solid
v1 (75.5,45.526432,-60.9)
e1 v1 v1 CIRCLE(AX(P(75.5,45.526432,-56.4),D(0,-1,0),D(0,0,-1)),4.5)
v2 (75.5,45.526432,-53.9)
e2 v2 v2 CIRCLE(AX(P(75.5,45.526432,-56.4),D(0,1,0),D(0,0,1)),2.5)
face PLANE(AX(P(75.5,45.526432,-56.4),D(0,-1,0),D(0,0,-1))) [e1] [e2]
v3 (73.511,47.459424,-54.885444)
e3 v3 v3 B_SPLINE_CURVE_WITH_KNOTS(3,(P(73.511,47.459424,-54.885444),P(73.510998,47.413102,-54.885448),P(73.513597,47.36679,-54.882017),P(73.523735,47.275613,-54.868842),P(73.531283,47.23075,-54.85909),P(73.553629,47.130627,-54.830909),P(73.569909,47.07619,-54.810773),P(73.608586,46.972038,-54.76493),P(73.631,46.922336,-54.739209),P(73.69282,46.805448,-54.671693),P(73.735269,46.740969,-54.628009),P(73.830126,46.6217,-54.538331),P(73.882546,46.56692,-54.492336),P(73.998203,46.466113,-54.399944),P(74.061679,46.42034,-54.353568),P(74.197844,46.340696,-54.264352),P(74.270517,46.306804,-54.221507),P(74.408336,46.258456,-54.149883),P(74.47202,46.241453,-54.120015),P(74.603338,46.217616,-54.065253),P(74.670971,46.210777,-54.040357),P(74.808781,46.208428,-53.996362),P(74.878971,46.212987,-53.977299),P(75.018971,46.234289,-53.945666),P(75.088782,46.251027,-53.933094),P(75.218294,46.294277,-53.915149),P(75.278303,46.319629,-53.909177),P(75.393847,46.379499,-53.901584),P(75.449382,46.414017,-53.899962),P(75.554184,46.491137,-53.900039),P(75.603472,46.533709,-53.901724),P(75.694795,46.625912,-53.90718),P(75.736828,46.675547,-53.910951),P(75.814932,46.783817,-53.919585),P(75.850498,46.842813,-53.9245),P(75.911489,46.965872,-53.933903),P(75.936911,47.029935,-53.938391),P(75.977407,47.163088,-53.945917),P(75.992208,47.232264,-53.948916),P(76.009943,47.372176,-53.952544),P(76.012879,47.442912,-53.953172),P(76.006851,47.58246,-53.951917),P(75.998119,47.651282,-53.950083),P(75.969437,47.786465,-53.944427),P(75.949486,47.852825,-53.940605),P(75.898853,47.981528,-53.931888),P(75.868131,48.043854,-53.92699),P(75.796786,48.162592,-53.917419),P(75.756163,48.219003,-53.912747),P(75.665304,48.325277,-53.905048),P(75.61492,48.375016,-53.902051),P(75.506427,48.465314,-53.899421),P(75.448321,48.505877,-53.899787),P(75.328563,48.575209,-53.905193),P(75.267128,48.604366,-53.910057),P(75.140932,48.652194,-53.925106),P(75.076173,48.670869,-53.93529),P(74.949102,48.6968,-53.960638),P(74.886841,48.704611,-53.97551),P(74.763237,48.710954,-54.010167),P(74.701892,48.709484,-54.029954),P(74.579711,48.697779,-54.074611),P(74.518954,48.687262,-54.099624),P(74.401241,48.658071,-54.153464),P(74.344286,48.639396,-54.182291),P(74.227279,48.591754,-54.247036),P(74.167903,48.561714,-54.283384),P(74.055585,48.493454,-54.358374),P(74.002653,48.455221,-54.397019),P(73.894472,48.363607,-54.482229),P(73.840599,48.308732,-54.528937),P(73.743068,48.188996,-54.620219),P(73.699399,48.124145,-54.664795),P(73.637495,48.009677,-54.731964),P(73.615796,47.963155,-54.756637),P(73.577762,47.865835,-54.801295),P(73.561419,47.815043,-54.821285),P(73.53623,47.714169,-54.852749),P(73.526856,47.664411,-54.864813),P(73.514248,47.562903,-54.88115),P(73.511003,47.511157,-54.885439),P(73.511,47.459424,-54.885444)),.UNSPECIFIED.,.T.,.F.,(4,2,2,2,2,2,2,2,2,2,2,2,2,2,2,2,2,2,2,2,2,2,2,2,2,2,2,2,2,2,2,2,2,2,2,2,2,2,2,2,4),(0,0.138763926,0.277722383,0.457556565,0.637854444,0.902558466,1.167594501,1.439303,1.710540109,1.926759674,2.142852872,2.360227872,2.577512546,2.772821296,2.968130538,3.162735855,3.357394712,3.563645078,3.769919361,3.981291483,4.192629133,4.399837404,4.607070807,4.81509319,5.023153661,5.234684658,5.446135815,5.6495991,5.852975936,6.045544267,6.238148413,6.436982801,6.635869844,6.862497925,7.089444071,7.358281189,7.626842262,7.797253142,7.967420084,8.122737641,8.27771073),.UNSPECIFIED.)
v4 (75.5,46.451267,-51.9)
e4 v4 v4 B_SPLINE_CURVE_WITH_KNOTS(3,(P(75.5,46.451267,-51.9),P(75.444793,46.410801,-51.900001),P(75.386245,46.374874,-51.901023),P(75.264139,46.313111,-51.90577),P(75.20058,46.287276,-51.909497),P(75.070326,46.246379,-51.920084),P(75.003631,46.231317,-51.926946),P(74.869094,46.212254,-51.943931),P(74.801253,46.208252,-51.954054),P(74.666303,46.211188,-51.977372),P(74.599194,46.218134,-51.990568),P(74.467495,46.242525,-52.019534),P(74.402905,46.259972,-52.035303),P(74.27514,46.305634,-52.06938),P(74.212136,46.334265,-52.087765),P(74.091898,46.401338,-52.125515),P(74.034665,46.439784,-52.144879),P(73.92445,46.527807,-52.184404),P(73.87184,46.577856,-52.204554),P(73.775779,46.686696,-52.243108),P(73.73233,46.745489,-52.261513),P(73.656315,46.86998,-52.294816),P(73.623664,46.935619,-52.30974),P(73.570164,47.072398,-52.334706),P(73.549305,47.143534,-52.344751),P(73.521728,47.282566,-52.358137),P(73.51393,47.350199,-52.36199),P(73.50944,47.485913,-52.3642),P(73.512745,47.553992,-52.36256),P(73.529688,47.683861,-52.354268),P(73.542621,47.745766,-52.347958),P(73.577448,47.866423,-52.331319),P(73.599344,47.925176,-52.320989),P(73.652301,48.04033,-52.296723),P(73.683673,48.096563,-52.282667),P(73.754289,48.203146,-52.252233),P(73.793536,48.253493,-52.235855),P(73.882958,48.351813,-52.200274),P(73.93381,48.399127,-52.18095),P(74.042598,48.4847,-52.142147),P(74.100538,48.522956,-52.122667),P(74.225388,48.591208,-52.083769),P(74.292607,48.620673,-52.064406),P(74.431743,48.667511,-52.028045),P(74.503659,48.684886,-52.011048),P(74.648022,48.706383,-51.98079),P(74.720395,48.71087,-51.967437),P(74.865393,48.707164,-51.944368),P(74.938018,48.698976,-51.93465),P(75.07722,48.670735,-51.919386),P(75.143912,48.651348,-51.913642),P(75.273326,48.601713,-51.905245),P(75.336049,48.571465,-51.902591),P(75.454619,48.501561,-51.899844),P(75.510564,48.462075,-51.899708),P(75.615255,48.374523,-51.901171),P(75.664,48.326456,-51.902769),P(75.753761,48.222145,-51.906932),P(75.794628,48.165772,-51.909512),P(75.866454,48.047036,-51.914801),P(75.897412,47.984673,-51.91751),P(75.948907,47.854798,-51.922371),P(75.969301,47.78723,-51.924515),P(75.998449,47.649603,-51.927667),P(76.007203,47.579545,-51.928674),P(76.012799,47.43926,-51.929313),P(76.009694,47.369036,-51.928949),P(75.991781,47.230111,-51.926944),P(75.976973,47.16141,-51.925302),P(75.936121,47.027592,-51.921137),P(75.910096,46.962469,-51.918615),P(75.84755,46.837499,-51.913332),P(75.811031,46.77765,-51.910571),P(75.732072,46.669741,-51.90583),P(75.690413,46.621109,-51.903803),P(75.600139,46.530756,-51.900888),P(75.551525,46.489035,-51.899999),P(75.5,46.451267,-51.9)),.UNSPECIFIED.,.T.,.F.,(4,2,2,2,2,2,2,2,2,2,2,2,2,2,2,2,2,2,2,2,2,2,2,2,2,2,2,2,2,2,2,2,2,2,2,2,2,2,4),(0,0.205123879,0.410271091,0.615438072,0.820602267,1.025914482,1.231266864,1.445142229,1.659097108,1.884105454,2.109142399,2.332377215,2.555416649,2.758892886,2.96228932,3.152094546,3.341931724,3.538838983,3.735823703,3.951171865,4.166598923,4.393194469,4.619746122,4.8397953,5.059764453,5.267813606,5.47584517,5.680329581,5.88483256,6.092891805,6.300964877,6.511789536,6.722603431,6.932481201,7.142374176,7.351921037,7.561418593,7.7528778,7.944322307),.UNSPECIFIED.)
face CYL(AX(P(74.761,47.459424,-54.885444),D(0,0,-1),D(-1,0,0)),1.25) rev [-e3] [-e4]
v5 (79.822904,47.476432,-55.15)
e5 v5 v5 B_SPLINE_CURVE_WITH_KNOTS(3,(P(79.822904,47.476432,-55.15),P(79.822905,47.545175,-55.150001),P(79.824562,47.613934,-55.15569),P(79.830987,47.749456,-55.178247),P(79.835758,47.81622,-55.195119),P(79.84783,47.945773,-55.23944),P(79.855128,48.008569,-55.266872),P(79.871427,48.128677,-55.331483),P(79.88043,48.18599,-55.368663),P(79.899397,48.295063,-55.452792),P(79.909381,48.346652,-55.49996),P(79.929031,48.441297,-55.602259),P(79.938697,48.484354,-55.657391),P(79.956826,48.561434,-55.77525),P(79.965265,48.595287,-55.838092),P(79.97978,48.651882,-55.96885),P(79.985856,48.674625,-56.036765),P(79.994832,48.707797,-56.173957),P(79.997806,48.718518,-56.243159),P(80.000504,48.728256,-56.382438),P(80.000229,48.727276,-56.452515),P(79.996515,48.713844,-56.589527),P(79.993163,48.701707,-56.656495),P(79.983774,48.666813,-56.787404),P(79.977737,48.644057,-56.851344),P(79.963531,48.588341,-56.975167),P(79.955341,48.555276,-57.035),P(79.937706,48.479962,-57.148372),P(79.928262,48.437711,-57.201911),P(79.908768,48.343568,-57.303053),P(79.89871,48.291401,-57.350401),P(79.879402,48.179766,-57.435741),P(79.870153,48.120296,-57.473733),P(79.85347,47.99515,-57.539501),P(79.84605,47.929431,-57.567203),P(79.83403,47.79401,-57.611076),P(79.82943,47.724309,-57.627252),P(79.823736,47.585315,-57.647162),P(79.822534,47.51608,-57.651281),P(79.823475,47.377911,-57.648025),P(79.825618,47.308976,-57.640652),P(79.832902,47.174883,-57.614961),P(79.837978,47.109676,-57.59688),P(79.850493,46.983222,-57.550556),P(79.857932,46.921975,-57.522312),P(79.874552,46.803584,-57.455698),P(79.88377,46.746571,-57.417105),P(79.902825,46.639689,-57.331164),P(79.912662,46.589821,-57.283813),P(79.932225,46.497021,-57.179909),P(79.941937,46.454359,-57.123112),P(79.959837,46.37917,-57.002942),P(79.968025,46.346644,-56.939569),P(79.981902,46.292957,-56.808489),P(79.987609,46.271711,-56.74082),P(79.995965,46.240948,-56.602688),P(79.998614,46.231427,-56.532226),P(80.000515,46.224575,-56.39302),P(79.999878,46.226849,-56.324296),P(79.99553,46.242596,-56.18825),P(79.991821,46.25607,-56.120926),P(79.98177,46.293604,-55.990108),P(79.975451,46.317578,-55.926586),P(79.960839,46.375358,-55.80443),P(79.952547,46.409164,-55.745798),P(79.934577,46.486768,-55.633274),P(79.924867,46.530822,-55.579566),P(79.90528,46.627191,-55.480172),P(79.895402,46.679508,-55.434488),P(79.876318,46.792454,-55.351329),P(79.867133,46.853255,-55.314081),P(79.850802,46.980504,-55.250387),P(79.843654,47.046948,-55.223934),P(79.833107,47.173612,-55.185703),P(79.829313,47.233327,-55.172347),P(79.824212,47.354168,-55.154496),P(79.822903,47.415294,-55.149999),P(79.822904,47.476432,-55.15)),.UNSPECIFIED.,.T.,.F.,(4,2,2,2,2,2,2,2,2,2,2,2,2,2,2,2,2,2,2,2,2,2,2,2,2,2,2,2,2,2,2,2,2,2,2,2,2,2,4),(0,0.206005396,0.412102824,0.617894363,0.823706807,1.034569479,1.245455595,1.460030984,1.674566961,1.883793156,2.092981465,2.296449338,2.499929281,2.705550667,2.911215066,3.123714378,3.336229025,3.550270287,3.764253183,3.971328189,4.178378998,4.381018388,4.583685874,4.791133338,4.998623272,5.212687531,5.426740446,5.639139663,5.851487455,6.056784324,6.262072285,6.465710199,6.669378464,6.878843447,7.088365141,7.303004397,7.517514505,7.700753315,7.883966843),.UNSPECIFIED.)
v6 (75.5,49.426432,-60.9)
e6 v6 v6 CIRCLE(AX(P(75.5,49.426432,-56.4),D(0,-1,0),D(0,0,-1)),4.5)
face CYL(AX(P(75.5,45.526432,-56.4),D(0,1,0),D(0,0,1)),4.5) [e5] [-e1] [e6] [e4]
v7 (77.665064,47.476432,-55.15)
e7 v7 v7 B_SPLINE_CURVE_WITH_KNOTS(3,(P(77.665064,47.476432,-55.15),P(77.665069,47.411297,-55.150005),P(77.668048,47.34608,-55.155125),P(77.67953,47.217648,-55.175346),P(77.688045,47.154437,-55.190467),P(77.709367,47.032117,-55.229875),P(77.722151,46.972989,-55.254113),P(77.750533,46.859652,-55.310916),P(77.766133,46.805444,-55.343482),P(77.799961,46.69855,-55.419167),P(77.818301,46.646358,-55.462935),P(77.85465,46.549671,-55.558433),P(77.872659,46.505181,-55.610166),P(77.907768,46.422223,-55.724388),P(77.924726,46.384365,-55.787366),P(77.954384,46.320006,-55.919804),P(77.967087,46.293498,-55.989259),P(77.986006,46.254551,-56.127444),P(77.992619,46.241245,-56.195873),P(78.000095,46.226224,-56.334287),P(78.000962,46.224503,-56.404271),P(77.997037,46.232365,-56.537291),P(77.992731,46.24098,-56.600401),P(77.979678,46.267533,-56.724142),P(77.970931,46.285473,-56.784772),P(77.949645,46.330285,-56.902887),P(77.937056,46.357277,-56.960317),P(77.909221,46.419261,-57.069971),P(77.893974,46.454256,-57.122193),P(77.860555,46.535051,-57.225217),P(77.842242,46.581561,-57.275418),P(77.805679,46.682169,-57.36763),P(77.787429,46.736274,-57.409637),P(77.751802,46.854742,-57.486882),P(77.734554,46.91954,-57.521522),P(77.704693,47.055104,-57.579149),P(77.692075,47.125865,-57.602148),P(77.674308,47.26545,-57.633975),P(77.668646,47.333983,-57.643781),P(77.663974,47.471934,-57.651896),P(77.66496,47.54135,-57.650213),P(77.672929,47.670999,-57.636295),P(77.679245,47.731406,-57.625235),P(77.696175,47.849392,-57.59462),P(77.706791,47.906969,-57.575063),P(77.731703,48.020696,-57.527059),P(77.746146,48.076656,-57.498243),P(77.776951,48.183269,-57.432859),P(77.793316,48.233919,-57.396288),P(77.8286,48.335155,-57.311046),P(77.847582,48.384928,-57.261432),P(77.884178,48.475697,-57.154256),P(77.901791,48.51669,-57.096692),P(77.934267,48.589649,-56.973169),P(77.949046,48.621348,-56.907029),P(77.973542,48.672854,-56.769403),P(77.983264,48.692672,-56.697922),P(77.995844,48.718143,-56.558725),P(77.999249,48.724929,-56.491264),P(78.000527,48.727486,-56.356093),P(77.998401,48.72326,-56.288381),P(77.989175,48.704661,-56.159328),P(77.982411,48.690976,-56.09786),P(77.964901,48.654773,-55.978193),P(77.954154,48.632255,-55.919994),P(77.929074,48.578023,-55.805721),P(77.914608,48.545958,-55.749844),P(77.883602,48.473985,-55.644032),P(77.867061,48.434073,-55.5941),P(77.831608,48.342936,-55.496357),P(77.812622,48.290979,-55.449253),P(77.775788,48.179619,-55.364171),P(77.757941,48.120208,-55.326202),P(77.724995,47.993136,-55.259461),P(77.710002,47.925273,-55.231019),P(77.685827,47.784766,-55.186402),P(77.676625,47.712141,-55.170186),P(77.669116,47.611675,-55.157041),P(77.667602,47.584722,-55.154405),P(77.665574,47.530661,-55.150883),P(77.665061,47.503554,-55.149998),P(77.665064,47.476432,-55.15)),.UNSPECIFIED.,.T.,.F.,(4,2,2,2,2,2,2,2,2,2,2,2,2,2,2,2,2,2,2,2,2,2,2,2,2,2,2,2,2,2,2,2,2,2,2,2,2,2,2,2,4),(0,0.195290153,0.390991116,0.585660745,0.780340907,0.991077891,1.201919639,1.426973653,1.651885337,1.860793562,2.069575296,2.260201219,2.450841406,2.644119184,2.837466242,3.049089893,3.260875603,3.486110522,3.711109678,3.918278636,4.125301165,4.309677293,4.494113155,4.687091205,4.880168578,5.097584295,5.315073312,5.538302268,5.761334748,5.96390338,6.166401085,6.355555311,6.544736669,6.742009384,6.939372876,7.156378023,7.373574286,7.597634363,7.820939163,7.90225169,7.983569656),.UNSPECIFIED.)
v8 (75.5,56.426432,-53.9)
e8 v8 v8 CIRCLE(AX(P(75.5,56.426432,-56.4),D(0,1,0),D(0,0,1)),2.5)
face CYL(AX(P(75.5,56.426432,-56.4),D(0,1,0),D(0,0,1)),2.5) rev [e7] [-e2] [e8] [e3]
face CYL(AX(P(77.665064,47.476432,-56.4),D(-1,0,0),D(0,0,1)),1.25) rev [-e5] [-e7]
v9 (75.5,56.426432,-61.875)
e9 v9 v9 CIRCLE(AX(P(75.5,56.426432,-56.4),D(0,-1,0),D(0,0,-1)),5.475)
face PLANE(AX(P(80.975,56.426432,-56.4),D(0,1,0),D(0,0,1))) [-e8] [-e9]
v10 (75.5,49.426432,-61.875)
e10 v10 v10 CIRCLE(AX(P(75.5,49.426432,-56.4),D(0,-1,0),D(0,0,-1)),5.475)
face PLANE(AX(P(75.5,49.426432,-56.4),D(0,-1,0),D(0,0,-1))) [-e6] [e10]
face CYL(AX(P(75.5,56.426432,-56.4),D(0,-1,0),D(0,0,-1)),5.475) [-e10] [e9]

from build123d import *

# Parameters (mm, degrees)
SKETCH1_W                      = 5.475
SKETCH1_H                      = 7
SKETCH2_R                      = 4.5
BOSS_EXTRUDE1_DEPTH            = 3.9
F_5_0_5_DIAMETER_HOLE1_D       = 5
F_5_0_5_DIAMETER_HOLE1_DEPTH   = 10.9
F_2_5_2_5_DIAMETER_HOLE1_D     = 2.5
F_2_5_2_5_DIAMETER_HOLE1_DEPTH = 3.309936491
SKETCH7_W                      = 1.25
SKETCH7_H                      = 3.960443852


with BuildPart() as part:
    # Sketch1 → Revolve1 (revolve)
    with BuildSketch(Plane.XY.offset(-56.4)):
        with Locations((78.2375, 52.926431985)):
            Rectangle(SKETCH1_W, SKETCH1_H)
    revolve(axis=Axis((75.5, 56.426431985, -56.4), (0, -1, 0)))

    # Sketch2 → Boss-Extrude1 (add)
    with BuildSketch(Plane.XZ.offset(-49.426431985)):
        with Locations((75.5, -56.4)):
            Circle(SKETCH2_R)
    extrude(amount=BOSS_EXTRUDE1_DEPTH)

    # Ø5.0 (5) Diameter Hole1
    with Locations(Plane(origin=(0, 56.426431985, 0), x_dir=(1, 0, 0), z_dir=(0, 1, 0))):
        with Locations((75.5, 56.4)):
            Hole(F_5_0_5_DIAMETER_HOLE1_D / 2, depth=F_5_0_5_DIAMETER_HOLE1_DEPTH)

    # Ø2.5 (2.5) Diameter Hole1
    with Locations(Plane.ZY.offset(-77.665063509)):
        with Locations((-56.4, 47.476431985)):
            Hole(F_2_5_2_5_DIAMETER_HOLE1_D / 2, depth=F_2_5_2_5_DIAMETER_HOLE1_DEPTH)

    # Sketch7 → Ø2.5 (2.5) Diameter Hole2 (revolve, cut)
    with BuildSketch(Plane(origin=(74.761000333, 47.459423849, -54.885443852), x_dir=(0, 1, 0), z_dir=(1, 0, 0))):
        with Locations((0.625, 1.980221926)):
            Rectangle(SKETCH7_W, SKETCH7_H)
    revolve(axis=Axis((74.761000333, 47.459423849, -61.235443852), (0, 0, 1)), mode=Mode.SUBTRACT)


solid = part.part
